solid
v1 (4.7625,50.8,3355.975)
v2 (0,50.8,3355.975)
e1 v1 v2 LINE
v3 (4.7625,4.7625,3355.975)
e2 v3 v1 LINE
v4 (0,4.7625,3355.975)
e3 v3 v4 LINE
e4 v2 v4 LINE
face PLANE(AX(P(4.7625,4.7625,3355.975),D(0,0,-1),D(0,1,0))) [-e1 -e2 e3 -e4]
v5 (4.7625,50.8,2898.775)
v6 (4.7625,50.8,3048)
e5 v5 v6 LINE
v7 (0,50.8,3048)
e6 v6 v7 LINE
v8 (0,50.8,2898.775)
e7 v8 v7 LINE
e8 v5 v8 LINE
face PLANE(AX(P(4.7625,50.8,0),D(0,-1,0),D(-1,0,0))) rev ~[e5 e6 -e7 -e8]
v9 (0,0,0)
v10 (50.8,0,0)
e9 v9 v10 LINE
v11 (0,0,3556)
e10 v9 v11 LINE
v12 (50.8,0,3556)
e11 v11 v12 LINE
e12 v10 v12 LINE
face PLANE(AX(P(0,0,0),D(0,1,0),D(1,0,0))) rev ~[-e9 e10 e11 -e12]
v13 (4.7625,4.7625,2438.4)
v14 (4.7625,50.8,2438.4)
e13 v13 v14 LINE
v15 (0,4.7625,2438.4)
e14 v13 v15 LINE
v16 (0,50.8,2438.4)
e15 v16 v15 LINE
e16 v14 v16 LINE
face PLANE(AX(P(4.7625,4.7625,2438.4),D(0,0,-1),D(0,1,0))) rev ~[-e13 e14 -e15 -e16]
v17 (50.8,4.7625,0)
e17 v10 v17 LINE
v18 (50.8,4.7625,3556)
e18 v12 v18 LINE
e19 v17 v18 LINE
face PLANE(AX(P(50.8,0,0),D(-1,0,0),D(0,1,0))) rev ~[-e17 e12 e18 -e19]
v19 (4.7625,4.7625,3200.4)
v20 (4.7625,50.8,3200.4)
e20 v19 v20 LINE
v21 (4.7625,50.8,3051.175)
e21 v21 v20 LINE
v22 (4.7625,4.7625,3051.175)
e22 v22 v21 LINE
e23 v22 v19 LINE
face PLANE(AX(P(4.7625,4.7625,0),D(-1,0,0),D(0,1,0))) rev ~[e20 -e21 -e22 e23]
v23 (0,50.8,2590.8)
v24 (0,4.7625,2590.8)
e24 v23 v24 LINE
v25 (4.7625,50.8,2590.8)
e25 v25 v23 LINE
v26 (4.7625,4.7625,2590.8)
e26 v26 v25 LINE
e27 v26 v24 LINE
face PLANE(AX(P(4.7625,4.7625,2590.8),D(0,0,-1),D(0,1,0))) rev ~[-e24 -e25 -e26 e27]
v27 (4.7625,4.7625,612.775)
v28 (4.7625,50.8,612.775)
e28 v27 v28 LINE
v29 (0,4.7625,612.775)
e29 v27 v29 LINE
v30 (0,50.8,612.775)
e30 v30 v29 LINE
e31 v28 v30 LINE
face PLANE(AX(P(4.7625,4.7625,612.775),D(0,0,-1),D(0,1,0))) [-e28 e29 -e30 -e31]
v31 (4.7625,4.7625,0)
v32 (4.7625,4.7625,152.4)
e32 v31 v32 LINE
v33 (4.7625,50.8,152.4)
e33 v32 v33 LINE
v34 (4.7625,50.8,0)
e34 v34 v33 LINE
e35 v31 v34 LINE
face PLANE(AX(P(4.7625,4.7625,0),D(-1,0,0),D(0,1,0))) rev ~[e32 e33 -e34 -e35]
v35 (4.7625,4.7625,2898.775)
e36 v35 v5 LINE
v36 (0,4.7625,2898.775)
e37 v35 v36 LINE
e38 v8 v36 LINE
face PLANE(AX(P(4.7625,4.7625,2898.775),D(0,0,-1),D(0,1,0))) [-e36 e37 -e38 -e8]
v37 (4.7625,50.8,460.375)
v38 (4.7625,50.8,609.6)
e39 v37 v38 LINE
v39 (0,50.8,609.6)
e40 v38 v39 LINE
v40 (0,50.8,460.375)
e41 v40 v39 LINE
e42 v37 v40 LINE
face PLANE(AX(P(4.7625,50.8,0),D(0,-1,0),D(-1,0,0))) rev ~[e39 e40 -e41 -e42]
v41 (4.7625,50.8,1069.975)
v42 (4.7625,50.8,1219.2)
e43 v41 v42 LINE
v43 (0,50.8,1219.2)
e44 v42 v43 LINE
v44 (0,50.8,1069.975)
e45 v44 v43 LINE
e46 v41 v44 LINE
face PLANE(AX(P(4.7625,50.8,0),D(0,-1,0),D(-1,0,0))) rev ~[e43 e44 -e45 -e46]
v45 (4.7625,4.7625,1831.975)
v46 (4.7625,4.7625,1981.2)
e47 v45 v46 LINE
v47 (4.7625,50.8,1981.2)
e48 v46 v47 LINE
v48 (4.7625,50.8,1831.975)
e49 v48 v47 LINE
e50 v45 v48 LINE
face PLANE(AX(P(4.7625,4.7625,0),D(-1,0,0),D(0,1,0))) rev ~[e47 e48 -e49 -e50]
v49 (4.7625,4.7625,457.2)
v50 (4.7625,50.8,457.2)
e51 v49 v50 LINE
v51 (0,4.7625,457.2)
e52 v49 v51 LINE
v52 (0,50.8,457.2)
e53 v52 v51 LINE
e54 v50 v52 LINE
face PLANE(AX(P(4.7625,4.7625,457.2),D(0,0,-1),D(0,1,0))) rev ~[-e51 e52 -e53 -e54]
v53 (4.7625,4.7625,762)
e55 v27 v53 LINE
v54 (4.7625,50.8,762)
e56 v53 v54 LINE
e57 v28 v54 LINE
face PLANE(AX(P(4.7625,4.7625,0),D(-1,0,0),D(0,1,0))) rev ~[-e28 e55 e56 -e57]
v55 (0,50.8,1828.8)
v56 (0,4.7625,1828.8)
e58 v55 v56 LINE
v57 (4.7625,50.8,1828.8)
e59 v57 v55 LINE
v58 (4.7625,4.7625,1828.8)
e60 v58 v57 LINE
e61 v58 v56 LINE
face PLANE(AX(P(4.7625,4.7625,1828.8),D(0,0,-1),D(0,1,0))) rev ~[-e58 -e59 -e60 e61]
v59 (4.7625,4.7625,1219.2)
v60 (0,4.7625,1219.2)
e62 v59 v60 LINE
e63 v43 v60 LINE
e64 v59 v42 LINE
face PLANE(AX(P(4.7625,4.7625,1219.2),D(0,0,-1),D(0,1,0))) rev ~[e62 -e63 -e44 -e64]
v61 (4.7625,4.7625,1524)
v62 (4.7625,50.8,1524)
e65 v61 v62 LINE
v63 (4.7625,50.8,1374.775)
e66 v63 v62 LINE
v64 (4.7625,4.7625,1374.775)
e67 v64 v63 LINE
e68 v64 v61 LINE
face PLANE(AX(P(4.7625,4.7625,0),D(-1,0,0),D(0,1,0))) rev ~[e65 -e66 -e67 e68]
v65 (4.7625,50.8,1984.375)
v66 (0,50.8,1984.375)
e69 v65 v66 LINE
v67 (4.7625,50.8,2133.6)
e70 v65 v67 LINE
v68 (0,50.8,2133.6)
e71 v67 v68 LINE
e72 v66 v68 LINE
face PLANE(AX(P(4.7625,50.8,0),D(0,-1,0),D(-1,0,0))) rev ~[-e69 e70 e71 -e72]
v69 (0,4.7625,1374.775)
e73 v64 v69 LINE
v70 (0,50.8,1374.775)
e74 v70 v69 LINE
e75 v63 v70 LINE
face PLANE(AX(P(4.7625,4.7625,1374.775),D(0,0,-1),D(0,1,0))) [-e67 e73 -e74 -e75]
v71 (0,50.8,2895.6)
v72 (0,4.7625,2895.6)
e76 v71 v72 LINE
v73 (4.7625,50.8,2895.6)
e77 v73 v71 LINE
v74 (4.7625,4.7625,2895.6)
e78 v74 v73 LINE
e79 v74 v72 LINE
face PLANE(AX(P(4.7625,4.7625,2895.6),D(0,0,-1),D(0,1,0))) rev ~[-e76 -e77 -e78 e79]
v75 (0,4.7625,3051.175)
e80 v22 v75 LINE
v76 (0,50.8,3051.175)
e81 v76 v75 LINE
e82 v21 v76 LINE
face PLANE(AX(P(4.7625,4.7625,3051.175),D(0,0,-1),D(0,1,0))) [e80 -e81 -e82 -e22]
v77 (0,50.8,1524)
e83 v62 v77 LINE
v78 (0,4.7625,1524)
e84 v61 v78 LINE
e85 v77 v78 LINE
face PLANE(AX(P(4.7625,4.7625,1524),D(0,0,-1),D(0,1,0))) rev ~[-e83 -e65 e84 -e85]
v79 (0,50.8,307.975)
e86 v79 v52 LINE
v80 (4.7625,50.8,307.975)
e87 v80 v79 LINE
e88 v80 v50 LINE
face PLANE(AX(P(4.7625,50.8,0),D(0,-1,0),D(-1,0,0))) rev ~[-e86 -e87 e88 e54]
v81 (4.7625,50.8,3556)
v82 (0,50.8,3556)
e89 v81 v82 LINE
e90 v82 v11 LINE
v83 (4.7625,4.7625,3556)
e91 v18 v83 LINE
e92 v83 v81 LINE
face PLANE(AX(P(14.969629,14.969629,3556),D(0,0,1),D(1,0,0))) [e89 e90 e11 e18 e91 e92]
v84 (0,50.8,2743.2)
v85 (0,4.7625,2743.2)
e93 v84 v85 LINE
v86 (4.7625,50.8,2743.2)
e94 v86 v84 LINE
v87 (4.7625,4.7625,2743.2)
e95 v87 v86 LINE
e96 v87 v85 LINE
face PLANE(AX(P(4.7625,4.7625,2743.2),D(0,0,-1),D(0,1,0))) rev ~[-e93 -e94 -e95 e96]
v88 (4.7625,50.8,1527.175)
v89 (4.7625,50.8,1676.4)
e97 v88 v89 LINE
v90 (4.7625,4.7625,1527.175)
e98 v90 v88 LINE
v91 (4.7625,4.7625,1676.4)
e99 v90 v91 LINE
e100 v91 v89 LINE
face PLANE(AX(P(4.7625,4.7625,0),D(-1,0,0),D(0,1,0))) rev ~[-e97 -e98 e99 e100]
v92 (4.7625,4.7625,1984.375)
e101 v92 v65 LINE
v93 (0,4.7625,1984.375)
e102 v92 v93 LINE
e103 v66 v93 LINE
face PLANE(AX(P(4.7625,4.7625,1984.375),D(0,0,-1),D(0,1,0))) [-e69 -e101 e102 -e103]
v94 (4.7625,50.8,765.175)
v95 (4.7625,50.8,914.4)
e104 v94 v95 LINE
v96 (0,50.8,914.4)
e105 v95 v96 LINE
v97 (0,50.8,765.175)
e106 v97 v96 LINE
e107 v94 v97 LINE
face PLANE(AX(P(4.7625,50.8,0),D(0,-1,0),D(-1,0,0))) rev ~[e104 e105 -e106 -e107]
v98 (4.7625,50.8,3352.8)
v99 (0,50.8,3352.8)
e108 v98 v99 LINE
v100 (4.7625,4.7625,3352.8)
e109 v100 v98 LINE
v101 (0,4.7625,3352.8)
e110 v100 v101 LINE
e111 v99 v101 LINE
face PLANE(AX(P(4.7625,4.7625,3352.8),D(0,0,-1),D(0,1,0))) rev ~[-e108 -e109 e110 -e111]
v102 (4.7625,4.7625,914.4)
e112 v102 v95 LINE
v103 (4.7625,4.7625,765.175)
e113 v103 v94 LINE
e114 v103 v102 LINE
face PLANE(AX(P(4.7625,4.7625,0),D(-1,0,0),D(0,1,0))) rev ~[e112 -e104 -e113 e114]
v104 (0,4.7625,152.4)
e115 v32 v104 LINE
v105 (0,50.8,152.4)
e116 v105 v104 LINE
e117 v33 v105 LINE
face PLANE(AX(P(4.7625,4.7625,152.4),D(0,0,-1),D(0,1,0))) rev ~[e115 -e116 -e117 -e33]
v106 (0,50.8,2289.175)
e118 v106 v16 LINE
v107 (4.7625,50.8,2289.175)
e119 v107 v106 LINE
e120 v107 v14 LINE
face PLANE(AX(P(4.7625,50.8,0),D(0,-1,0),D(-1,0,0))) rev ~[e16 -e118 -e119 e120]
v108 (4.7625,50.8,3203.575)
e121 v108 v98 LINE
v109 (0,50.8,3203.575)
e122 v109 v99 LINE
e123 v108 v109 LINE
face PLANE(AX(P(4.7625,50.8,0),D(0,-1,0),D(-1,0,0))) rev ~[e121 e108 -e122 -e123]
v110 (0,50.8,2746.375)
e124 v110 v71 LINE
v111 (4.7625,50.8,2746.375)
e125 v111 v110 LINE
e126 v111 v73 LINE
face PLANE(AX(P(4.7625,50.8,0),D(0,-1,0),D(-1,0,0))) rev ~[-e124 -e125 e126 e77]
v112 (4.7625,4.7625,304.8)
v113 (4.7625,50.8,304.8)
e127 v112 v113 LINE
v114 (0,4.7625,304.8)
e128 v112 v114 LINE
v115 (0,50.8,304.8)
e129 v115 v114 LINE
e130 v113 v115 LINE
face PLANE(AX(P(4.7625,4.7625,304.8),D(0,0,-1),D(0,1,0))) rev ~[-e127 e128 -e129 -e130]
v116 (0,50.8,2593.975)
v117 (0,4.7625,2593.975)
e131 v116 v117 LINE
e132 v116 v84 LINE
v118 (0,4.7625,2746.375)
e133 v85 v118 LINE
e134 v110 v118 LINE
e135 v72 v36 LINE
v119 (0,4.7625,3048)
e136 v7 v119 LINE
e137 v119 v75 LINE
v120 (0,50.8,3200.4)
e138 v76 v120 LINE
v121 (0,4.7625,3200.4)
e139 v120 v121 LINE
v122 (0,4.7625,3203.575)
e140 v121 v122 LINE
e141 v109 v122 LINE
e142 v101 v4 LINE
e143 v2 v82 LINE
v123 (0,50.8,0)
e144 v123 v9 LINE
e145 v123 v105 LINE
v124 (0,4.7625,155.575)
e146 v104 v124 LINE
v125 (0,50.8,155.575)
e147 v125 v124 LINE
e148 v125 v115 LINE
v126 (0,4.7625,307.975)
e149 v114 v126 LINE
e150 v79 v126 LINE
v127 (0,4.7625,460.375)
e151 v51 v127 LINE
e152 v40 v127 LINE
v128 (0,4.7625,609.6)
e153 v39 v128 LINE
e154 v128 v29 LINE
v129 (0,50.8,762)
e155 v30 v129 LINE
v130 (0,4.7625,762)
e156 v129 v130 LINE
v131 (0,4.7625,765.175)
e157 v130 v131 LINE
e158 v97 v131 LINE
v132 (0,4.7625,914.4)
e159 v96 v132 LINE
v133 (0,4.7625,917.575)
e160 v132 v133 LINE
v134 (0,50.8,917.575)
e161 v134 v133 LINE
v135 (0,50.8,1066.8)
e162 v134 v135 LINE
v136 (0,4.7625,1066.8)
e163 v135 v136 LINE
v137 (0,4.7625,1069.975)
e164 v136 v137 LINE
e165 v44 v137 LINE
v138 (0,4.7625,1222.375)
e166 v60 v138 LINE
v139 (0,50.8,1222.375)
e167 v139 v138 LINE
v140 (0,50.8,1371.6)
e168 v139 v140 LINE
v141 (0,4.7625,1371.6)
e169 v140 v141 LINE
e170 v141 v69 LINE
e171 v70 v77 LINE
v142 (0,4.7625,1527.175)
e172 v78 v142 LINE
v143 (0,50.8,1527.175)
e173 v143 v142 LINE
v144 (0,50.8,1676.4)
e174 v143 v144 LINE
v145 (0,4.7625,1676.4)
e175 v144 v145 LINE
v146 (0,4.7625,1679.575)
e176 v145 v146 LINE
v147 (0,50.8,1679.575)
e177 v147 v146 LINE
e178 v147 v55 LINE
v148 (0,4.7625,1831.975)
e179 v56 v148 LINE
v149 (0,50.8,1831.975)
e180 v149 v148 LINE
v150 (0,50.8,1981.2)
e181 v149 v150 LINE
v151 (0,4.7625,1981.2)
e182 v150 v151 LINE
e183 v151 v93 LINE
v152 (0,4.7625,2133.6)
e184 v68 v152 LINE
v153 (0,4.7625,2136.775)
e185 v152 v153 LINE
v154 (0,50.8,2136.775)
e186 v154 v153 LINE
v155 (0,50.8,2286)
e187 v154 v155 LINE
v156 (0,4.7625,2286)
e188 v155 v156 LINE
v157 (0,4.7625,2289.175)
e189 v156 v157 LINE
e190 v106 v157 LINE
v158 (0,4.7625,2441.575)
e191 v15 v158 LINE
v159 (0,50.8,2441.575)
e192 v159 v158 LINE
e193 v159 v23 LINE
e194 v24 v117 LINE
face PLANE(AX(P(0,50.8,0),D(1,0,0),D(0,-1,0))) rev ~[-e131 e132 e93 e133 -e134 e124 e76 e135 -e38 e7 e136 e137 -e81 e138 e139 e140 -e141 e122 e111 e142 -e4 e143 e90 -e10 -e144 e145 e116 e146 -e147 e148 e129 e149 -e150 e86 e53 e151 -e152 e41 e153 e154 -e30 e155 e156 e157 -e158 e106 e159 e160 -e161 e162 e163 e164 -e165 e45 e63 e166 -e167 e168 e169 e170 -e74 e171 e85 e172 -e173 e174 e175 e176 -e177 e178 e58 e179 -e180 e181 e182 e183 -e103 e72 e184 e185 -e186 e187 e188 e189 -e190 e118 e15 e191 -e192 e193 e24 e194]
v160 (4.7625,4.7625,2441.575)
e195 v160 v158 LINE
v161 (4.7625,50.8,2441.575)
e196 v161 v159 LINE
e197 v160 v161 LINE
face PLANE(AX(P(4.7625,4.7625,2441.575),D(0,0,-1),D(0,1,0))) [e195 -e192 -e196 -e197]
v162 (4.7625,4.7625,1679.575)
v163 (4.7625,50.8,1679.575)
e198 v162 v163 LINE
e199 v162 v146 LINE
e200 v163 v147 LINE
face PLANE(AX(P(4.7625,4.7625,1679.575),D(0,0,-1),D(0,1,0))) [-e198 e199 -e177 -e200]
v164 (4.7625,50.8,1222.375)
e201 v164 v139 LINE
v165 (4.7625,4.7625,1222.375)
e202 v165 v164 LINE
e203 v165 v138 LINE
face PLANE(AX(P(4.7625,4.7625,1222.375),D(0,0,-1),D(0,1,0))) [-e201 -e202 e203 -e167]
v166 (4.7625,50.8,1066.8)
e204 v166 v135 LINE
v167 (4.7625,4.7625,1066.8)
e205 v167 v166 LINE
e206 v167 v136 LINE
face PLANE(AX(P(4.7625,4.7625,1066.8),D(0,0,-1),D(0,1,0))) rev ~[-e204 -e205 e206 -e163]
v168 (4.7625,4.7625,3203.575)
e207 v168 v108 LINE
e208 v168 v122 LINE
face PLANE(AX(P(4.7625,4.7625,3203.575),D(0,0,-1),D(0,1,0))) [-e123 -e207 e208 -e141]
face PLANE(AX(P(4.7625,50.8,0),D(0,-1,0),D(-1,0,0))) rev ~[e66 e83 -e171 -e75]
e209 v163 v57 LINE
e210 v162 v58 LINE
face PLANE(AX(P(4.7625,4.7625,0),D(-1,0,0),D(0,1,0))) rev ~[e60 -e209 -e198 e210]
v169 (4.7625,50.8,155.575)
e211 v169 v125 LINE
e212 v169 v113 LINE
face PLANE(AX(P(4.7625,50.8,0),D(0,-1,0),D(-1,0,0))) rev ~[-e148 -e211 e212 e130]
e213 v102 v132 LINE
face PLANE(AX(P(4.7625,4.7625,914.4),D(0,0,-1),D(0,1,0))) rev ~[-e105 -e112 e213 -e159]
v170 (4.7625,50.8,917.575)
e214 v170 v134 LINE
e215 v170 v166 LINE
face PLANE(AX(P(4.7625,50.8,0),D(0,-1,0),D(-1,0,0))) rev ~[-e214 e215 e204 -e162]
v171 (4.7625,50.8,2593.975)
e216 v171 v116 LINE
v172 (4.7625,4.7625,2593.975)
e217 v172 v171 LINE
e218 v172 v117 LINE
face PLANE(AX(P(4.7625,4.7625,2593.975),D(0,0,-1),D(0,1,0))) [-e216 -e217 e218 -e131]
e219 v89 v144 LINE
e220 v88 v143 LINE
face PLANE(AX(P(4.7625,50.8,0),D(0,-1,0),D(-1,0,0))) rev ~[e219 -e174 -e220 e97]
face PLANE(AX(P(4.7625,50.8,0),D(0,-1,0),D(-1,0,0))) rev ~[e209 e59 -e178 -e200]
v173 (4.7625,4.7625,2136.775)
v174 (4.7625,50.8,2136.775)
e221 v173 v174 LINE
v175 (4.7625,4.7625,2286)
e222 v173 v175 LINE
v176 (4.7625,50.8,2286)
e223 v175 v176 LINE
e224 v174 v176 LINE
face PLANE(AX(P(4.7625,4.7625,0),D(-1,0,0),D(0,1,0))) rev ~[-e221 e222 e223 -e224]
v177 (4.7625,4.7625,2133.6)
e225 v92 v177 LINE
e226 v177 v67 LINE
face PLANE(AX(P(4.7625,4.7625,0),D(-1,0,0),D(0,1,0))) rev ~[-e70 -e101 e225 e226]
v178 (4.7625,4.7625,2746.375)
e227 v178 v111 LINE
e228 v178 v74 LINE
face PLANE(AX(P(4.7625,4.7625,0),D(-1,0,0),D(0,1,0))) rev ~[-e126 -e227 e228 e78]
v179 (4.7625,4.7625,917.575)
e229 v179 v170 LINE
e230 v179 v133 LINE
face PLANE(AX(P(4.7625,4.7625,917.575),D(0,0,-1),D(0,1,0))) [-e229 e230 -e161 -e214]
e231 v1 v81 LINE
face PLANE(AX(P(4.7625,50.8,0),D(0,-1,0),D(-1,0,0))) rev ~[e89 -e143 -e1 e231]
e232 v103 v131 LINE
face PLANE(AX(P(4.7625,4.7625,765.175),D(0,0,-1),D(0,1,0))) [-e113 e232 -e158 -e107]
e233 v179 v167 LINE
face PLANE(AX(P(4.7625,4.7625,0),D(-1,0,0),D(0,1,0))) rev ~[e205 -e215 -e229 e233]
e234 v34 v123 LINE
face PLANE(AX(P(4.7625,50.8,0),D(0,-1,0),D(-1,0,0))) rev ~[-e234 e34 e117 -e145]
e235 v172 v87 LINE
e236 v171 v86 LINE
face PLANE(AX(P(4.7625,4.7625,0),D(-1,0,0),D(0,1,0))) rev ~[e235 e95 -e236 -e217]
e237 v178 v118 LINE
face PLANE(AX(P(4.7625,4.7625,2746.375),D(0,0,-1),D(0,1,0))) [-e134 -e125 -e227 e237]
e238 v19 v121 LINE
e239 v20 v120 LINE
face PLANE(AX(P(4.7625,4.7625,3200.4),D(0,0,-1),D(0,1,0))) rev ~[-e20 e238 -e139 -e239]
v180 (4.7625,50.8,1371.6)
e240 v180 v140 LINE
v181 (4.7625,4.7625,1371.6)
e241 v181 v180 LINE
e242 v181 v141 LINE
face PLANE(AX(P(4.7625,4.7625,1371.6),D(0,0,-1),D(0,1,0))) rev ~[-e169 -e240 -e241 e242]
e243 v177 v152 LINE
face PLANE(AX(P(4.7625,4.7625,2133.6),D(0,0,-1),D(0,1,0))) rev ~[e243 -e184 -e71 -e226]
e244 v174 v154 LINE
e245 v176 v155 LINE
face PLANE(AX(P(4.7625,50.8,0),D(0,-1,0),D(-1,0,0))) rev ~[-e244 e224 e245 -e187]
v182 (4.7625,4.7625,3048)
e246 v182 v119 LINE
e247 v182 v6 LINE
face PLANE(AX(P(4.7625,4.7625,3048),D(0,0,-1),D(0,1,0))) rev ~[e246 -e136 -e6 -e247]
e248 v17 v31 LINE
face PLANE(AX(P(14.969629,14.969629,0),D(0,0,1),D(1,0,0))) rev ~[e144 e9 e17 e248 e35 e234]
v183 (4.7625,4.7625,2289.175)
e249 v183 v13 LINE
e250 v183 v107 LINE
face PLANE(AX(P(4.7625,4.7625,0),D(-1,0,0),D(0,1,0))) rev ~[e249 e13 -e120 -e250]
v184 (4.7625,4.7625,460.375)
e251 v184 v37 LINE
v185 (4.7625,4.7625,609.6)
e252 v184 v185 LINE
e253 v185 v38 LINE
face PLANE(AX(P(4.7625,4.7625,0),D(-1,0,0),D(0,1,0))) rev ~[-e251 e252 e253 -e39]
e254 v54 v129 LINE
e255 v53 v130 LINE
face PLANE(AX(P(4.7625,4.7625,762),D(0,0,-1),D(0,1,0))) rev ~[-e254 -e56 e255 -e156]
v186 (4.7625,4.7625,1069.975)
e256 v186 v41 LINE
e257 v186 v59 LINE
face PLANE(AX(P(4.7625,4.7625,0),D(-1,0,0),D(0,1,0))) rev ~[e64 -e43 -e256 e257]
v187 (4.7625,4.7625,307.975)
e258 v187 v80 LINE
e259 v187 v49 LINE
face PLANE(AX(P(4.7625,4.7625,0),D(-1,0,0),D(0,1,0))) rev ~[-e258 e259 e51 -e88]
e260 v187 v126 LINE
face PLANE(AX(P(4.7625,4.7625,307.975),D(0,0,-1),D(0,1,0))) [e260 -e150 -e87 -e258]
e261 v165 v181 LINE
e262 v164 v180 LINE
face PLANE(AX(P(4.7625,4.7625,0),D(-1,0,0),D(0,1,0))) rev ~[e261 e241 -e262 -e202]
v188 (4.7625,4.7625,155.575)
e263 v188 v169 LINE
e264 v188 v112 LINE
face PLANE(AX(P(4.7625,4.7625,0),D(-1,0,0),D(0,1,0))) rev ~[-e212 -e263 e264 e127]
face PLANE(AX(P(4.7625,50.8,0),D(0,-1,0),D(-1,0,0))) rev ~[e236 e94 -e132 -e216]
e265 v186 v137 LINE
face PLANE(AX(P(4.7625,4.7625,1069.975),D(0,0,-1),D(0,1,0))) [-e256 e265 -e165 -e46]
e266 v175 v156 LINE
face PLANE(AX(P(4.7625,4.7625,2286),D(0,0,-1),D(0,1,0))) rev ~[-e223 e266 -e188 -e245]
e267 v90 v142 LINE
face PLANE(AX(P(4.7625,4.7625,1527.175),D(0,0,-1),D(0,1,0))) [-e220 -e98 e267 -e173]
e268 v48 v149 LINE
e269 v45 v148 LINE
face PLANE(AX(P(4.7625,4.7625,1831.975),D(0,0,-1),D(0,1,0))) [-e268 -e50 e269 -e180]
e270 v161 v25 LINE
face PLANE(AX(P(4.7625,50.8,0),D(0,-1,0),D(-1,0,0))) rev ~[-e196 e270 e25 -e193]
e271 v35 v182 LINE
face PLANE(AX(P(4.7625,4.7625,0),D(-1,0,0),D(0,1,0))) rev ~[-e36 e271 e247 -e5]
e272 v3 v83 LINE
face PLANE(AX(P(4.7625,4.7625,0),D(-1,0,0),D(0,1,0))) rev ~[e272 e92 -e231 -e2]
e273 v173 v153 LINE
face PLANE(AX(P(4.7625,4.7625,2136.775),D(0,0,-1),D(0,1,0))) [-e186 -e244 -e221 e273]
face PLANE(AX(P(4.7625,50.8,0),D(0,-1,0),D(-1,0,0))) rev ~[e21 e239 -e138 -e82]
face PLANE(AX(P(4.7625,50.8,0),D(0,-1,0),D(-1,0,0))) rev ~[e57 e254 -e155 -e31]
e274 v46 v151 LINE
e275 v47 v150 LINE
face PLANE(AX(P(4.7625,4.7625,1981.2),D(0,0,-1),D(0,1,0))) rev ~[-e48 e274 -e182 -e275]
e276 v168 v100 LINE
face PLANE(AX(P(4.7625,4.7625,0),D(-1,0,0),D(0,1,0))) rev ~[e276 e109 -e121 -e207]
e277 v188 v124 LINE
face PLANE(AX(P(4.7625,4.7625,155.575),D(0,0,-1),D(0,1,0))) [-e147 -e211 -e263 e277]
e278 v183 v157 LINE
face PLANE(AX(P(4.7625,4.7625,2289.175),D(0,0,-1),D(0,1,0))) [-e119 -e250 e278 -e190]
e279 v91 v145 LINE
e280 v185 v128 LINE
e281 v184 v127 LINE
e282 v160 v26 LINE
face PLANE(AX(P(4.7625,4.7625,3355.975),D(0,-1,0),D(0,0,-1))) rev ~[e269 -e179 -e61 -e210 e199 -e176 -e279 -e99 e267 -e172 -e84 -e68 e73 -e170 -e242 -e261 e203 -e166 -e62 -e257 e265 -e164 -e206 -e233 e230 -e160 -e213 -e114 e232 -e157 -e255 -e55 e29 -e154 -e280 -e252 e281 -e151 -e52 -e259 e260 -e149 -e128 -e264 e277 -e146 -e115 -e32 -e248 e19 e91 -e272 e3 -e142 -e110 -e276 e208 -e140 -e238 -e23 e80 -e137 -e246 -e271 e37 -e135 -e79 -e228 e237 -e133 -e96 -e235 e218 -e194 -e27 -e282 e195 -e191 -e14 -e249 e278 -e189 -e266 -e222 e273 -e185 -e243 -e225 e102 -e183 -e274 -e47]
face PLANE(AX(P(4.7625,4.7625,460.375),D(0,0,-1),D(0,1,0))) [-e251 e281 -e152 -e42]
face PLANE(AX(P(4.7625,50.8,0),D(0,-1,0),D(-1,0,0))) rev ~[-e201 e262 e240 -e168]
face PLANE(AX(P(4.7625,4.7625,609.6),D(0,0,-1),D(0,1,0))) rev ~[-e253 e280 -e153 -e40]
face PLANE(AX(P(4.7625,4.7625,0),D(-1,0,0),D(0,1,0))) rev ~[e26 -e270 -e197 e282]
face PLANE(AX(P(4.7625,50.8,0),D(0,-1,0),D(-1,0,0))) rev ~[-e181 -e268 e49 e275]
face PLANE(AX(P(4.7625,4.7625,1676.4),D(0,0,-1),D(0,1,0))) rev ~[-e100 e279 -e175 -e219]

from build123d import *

# Parameters (mm, degrees)
BOSS_EXTRUDE1_DEPTH = 3556
CUT_EXTRUDE1_REACH  = 3558.661
SKETCH2_W           = 3.175
SKETCH2_H           = 46.0375
LPATTERN1_COUNT     = 22
LPATTERN1_PITCH     = 152.4


with BuildPart() as part:
    # Sketch1 → Boss-Extrude1 (new body)
    with BuildSketch(Plane.XY):
        Polygon((0, 0), (50.8, 0), (50.8, 4.7625), (4.7625, 4.7625), (4.7625, 50.8), (0, 50.8), align=None)
    extrude(amount=BOSS_EXTRUDE1_DEPTH)

    # Sketch2 → Cut-Extrude1 (cut, up to next)
    with BuildSketch(Plane(origin=(4.7625, 0, 0), x_dir=(0, 0, -1), z_dir=(1, 0, 0)), mode=Mode.PRIVATE) as cut_extrude1_sk1:
        with Locations((-153.9875, 27.78125)):
            Rectangle(SKETCH2_W, SKETCH2_H)
    cut_extrude1_tool1 = extrude(cut_extrude1_sk1.sketch, amount=-CUT_EXTRUDE1_REACH, mode=Mode.PRIVATE) & part.part
    cut_extrude1 = cut_extrude1_tool1.solids().sort_by_distance((4.7625, 27.78125, 153.9875))[0]
    add(cut_extrude1, mode=Mode.SUBTRACT)

    # LPattern1: Cut-Extrude1 ×22
    with Locations(*[(0, 0, i * LPATTERN1_PITCH) for i in range(1, LPATTERN1_COUNT)]):
        add(cut_extrude1, mode=Mode.SUBTRACT)


solid = part.part
